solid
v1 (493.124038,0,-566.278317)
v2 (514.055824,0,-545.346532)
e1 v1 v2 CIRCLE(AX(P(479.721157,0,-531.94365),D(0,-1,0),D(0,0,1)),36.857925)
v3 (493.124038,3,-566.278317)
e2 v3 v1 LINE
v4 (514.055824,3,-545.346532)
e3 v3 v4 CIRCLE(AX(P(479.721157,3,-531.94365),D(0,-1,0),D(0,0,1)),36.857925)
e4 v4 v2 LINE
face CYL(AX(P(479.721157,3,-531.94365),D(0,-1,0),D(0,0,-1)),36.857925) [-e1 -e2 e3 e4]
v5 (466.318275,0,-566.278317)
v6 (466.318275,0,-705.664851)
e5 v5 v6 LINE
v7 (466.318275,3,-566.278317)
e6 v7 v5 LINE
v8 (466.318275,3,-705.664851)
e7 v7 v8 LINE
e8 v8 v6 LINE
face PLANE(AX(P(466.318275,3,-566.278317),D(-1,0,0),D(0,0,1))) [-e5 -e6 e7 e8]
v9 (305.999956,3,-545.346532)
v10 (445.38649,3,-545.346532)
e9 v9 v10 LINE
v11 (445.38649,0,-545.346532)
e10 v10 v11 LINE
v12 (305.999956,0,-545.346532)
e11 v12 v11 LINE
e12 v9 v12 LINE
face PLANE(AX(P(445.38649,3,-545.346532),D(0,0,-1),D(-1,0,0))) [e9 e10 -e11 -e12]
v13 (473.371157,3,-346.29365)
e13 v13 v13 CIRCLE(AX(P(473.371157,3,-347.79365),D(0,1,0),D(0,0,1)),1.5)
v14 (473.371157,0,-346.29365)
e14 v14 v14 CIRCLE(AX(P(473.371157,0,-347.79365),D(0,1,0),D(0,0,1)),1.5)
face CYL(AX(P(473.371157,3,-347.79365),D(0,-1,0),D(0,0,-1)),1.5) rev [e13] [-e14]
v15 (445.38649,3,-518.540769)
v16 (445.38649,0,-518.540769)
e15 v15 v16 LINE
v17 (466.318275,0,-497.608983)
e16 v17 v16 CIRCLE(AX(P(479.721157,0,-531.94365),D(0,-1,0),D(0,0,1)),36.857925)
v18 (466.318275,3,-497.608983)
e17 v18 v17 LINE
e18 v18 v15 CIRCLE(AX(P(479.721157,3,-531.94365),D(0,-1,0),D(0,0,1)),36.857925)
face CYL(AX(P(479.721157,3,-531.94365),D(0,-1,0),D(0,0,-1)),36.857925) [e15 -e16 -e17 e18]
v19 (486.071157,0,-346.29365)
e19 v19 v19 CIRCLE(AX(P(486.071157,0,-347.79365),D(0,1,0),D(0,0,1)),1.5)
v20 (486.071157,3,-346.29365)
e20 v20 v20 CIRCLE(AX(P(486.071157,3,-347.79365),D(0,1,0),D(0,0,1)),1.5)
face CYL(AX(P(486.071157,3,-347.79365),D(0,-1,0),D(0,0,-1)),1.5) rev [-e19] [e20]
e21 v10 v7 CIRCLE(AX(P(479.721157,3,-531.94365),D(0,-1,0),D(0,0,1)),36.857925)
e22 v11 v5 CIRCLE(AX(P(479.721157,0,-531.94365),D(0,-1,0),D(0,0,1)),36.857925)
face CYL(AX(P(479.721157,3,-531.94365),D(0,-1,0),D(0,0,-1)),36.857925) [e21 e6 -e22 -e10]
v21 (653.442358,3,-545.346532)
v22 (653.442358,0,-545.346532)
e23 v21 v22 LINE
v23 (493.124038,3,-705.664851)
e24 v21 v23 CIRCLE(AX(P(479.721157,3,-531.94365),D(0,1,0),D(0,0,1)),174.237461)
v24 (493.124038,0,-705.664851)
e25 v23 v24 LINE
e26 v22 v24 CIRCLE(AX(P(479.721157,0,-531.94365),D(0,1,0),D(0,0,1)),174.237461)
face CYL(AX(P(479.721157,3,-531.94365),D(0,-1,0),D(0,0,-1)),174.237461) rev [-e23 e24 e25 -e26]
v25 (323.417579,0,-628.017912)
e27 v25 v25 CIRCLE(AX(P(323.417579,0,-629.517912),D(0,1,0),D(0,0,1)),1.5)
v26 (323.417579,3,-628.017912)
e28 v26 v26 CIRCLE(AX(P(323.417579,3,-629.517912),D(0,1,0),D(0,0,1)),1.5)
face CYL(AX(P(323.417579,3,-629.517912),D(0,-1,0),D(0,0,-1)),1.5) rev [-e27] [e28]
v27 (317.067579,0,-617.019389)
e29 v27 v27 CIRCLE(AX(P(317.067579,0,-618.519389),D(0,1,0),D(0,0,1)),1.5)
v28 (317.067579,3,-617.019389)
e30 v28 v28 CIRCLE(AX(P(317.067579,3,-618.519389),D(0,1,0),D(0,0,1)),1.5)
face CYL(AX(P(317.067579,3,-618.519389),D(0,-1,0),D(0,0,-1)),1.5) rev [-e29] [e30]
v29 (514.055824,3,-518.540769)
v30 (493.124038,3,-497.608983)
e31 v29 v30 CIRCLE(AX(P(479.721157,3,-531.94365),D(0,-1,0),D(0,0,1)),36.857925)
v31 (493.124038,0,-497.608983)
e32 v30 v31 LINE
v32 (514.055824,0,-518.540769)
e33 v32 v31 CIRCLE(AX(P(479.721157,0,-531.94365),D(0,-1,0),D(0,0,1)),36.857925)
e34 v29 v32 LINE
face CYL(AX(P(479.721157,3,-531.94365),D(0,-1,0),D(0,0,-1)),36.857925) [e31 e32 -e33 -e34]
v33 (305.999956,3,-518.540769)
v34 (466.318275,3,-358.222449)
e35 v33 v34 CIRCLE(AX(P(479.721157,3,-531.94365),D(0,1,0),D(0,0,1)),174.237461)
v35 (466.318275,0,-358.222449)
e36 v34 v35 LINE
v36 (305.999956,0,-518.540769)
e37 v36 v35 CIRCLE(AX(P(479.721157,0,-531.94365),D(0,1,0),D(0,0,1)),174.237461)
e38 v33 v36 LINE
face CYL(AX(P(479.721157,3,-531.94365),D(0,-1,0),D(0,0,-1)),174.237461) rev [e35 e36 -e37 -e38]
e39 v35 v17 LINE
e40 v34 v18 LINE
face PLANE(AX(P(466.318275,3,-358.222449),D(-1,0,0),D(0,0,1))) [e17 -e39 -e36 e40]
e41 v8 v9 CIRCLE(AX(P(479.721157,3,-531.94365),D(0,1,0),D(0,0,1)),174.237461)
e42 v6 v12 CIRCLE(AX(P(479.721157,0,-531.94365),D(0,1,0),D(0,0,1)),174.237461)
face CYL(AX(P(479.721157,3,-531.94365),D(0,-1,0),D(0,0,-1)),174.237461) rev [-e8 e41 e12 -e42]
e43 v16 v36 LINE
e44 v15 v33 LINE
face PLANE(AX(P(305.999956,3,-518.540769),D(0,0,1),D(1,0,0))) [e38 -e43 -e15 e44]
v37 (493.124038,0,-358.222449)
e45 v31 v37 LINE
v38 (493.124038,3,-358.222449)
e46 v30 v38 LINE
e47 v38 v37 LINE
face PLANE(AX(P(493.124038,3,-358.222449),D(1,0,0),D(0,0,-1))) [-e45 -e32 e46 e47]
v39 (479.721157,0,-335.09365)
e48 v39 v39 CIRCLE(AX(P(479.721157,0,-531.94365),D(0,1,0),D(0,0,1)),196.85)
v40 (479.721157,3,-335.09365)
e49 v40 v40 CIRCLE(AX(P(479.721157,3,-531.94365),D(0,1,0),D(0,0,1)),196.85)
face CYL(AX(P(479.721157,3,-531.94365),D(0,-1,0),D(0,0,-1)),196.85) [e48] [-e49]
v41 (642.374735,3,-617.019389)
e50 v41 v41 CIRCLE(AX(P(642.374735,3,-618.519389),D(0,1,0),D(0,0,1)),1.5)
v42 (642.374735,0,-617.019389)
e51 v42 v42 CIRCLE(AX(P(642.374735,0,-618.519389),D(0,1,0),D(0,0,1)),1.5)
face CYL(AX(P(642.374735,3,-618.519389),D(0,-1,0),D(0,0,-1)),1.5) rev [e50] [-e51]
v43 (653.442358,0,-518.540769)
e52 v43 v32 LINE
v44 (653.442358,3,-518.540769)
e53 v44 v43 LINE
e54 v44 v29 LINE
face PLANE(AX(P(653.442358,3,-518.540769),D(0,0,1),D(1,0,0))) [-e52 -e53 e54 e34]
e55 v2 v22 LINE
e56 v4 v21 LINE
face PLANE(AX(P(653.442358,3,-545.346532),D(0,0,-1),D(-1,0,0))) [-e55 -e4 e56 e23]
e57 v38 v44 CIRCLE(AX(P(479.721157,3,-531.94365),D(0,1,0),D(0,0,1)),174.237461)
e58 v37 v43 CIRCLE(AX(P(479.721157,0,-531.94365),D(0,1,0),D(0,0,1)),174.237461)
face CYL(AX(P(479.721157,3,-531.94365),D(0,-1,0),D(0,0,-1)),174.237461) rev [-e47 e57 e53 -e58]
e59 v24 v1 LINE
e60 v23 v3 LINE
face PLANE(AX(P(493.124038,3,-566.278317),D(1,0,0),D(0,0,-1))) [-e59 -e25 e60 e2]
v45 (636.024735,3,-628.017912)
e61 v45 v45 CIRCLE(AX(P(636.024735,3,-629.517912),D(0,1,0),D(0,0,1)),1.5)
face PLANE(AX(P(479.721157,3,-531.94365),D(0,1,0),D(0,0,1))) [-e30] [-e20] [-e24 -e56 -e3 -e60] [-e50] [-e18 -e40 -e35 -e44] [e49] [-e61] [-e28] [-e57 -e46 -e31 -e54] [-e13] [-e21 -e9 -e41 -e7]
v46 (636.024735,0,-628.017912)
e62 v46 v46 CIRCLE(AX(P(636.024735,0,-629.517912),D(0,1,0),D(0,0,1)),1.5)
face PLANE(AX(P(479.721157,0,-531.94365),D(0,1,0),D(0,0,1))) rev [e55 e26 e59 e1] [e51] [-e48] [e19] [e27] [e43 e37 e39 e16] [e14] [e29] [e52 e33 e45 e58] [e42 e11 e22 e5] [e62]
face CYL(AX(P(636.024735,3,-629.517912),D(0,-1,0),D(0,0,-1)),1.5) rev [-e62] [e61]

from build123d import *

# Parameters (mm, degrees)
SKETCH1_R           = 196.85
SKETCH1_R_2         = 1.5
BOSS_EXTRUDE1_DEPTH = 3


with BuildPart() as part:
    # Sketch1 → Boss-Extrude1 (new body)
    with BuildSketch(Plane(origin=(0, 0, 0), x_dir=(1, 0, 0), z_dir=(0, 1, 0))):
        with Locations(Location((479.721156758, 531.943650225, 0), (0, 0, 270))):
            Circle(SKETCH1_R)
        with Locations(Location((473.371156758, 347.793650225, 0), (0, 0, 270))):
            Circle(SKETCH1_R_2, mode=Mode.SUBTRACT)
        with Locations(Location((486.071156758, 347.793650225, 0), (0, 0, 270))):
            Circle(SKETCH1_R_2, mode=Mode.SUBTRACT)
        with Locations(Location((323.417578651, 629.517911539, 0), (0, 0, 270))):
            Circle(SKETCH1_R_2, mode=Mode.SUBTRACT)
        with Locations(Location((317.067578651, 618.519388911, 0), (0, 0, 270))):
            Circle(SKETCH1_R_2, mode=Mode.SUBTRACT)
        with Locations(Location((642.374734865, 618.519388911, 0), (0, 0, 270))):
            Circle(SKETCH1_R_2, mode=Mode.SUBTRACT)
        with Locations(Location((636.024734865, 629.517911539, 0), (0, 0, 270))):
            Circle(SKETCH1_R_2, mode=Mode.SUBTRACT)
        with BuildLine():
            Line((653.442357833, 518.540768582), (514.055823837, 518.540768582))
            ThreePointArc((514.055823837, 518.540768582), (505.783645125, 505.881161858), (493.124038401, 497.608983146))
            Line((493.124038401, 497.608983146), (493.124038401, 358.22244915))
            ThreePointArc((493.124038401, 358.22244915), (602.925647219, 408.739159764), (653.442357833, 518.540768582))
        make_face(mode=Mode.SUBTRACT)
        with BuildLine():
            Line((305.999955683, 518.540768582), (445.386489679, 518.540768582))
            ThreePointArc((445.386489679, 518.540768582), (453.658668391, 505.881161858), (466.318275115, 497.608983146))
            Line((466.318275115, 497.608983146), (466.318275115, 358.22244915))
            ThreePointArc((466.318275115, 358.22244915), (356.516666298, 408.739159764), (305.999955683, 518.540768582))
        make_face(mode=Mode.SUBTRACT)
        with BuildLine():
            Line((653.442357833, 545.346531867), (514.055823837, 545.346531867))
            ThreePointArc((514.055823837, 545.346531867), (505.783645125, 558.006138591), (493.124038401, 566.278317303))
            Line((493.124038401, 566.278317303), (493.124038401, 705.6648513))
            ThreePointArc((493.124038401, 705.6648513), (602.925647219, 655.148140685), (653.442357833, 545.346531867))
        make_face(mode=Mode.SUBTRACT)
        with BuildLine():
            Line((445.386489679, 545.346531867), (305.999955683, 545.346531867))
            ThreePointArc((305.999955683, 545.346531867), (356.516666298, 655.148140685), (466.318275115, 705.6648513))
            Line((466.318275115, 705.6648513), (466.318275115, 566.278317303))
            ThreePointArc((466.318275115, 566.278317303), (453.658668391, 558.006138591), (445.386489679, 545.346531867))
        make_face(mode=Mode.SUBTRACT)
    extrude(amount=BOSS_EXTRUDE1_DEPTH)


solid = part.part
